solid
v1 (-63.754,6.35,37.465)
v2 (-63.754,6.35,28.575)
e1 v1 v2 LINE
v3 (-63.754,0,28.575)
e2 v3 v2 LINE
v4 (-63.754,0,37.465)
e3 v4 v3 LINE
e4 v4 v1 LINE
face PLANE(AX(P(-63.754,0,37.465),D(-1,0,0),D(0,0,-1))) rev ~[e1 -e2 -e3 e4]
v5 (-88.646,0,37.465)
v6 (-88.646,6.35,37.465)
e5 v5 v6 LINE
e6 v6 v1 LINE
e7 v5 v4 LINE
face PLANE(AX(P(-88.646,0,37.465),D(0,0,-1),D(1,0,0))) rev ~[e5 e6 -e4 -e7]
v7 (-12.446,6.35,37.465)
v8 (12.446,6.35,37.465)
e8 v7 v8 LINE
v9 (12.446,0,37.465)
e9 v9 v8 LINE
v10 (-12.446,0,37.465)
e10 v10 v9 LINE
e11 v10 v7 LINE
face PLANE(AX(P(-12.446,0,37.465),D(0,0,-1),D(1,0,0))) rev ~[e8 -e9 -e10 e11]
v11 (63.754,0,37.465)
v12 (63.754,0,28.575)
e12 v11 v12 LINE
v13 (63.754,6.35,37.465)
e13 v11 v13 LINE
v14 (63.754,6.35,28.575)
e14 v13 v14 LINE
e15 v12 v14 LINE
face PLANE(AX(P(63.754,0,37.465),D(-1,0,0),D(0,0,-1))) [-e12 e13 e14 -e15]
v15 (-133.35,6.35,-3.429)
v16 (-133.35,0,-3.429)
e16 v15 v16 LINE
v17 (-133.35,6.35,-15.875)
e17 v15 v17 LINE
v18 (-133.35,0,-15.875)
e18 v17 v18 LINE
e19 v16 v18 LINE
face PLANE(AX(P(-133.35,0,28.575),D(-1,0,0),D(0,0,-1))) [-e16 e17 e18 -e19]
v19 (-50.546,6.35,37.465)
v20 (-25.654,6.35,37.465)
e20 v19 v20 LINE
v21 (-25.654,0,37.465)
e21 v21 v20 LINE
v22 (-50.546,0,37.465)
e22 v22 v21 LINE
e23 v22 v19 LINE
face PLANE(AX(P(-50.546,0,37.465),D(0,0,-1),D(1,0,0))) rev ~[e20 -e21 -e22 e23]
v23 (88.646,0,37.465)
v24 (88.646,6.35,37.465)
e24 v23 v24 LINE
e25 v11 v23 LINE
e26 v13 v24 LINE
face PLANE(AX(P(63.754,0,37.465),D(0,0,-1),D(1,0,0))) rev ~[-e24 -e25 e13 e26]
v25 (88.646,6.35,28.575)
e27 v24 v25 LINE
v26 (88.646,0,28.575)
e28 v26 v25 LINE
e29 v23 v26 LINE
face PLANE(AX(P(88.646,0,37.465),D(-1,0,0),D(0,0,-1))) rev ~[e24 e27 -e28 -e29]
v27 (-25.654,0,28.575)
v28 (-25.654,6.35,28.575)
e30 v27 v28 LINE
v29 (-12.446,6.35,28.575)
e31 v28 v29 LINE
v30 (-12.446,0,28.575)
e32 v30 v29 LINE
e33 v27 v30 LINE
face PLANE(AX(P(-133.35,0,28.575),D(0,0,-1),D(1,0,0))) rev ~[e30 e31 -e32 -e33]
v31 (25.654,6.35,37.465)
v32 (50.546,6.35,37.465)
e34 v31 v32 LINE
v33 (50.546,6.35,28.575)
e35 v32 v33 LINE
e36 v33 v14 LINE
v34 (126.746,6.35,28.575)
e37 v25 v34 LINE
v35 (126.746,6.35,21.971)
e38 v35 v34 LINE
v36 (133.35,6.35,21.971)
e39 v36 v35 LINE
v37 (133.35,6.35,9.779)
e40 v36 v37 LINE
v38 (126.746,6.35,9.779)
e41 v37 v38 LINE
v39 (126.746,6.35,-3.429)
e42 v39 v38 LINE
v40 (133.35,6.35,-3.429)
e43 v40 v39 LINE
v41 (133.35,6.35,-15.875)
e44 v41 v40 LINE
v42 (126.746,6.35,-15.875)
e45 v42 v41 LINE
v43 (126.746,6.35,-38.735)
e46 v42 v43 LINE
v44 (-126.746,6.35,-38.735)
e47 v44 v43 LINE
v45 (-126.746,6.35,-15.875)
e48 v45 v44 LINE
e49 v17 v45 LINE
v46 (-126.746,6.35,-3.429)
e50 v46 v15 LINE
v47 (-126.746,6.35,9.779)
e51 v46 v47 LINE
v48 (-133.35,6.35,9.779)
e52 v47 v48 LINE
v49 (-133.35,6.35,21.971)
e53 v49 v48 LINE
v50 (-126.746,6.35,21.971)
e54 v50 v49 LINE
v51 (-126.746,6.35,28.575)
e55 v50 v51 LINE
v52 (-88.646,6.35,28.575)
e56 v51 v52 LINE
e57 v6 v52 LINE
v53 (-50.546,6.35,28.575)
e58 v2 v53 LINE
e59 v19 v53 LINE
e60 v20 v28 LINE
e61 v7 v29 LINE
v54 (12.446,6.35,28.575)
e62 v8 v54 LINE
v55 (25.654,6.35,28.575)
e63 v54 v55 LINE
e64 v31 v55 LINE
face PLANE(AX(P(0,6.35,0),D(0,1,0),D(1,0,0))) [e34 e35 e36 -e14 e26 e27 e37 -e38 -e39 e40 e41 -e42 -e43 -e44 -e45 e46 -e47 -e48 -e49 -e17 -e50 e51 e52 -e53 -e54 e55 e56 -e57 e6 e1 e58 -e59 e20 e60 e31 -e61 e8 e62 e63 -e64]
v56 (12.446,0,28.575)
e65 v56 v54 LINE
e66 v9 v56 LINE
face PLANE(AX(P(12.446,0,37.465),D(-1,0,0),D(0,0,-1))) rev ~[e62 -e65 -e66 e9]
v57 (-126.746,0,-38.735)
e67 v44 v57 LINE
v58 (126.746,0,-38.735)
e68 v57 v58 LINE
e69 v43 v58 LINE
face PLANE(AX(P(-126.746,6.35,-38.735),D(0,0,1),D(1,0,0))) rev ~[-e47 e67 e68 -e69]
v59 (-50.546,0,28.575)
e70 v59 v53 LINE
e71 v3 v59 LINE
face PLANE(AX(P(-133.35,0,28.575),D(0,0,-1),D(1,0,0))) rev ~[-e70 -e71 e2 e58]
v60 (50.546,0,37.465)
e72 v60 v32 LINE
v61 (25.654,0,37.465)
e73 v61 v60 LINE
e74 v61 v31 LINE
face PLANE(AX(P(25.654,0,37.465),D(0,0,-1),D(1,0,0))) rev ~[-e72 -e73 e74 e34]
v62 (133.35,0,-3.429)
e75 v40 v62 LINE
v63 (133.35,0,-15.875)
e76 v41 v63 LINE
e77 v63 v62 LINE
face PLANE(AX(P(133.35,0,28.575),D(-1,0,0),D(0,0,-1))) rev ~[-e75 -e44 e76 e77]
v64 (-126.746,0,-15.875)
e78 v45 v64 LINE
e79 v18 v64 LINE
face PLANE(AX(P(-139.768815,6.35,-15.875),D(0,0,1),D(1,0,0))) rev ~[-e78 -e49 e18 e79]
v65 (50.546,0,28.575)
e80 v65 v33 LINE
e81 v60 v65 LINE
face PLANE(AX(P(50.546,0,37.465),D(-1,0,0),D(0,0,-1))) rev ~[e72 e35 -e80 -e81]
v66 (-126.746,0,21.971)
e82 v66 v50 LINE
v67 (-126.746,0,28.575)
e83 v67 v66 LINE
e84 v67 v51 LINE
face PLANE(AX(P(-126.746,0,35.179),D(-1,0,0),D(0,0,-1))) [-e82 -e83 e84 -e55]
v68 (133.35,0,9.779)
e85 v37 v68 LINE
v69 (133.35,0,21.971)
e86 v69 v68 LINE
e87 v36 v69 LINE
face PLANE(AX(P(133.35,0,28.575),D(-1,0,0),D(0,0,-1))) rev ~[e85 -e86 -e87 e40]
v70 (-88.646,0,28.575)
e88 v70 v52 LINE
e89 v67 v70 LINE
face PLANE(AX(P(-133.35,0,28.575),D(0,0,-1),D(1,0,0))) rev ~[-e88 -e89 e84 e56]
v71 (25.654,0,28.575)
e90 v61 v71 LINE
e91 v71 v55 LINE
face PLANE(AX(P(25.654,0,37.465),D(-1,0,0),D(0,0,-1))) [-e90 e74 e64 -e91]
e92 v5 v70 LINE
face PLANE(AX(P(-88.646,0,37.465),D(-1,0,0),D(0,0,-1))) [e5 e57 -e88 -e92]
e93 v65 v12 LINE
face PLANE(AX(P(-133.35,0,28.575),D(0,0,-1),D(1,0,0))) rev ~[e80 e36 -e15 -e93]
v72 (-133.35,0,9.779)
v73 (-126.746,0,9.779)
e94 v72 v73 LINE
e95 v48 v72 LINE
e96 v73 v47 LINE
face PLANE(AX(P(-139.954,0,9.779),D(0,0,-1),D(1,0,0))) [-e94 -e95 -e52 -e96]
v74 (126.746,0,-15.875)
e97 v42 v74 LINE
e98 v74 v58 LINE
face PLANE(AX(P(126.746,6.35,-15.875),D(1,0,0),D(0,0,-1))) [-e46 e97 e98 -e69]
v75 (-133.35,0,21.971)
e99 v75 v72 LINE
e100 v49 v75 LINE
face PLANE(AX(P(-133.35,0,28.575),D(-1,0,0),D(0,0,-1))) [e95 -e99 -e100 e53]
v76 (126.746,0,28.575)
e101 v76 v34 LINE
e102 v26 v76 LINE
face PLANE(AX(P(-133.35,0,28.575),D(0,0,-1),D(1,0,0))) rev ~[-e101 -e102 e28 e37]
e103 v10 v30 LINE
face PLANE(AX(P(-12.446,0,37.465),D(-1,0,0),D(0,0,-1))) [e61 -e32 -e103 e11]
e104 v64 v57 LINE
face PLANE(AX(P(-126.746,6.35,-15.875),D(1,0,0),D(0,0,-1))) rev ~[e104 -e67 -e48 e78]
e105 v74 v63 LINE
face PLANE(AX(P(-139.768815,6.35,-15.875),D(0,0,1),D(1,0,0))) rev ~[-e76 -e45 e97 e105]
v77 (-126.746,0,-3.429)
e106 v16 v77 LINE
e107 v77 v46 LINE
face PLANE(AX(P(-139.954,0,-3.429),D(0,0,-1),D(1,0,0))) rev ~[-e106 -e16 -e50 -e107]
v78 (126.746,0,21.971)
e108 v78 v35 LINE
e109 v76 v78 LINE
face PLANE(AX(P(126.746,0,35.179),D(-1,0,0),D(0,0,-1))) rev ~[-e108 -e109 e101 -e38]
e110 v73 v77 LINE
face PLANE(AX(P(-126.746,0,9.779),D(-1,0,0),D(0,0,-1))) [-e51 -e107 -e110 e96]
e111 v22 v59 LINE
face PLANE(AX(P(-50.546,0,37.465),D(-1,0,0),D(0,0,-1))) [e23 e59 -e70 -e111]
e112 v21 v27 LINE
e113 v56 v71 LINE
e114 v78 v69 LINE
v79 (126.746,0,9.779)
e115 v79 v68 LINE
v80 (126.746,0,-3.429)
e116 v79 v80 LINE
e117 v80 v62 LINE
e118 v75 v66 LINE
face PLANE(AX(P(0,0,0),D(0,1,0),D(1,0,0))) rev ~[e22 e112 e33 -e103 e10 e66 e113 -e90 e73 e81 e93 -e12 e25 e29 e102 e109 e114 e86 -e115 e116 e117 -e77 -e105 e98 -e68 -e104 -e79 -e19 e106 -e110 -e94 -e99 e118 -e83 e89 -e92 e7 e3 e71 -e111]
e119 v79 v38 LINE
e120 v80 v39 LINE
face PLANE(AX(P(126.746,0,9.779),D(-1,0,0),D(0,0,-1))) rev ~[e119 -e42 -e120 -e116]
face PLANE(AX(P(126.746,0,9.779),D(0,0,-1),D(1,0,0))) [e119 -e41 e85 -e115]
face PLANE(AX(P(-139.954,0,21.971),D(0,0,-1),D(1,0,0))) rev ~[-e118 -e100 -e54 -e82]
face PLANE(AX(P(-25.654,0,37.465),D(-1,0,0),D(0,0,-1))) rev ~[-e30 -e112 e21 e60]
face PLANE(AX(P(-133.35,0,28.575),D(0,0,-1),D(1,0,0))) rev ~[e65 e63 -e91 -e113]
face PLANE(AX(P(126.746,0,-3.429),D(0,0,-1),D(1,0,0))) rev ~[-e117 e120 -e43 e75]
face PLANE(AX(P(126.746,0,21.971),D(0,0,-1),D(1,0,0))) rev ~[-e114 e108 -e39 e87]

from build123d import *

# Parameters (mm, degrees)
SKETCH1_W           = 266.7
SKETCH1_H           = 57.15
BOSS_EXTRUDE1_DEPTH = 6.35
SKETCH3_W           = 24.892
SKETCH3_H           = 8.89
BOSS_EXTRUDE2_DEPTH = 6.35
SKETCH4_W           = 13.208
SKETCH4_H           = 13.208
CUT_EXTRUDE2_DEPTH  = 139.65846972
SKETCH5_W           = 295.464136086
SKETCH5_H           = 12.7
CUT_EXTRUDE3_DEPTH  = 139.65846972
SKETCH6_W           = 266.7
SKETCH6_H           = 12.446
BOSS_EXTRUDE3_DEPTH = 6.35
SKETCH7_W           = 253.492
SKETCH7_H           = 22.86
BOSS_EXTRUDE4_DEPTH = 6.35


with BuildPart() as part:
    # Sketch1 → Boss-Extrude1 (new body)
    with BuildSketch(Plane(origin=(0, 0, 0), x_dir=(1, 0, 0), z_dir=(0, 1, 0))):
        Rectangle(SKETCH1_W, SKETCH1_H)
    extrude(amount=BOSS_EXTRUDE1_DEPTH)

    # Sketch3 → Boss-Extrude2 (add)
    with BuildSketch(Plane(origin=(0, 0, 0), x_dir=(1, 0, 0), z_dir=(0, 1, 0))):
        with Locations((-76.2, -33.02)):
            Rectangle(SKETCH3_W, SKETCH3_H)
        with Locations((-38.1, -33.02)):
            Rectangle(SKETCH3_W, SKETCH3_H)
        with Locations((0, -33.02)):
            Rectangle(SKETCH3_W, SKETCH3_H)
        with Locations((38.1, -33.02)):
            Rectangle(SKETCH3_W, SKETCH3_H)
        with Locations((76.2, -33.02)):
            Rectangle(SKETCH3_W, SKETCH3_H)
    extrude(amount=BOSS_EXTRUDE2_DEPTH)

    # Sketch4 → Cut-Extrude2 (cut, through all)
    with BuildSketch(Plane(origin=(0, 0, 0), x_dir=(1, 0, 0), z_dir=(0, 1, 0))):
        with Locations((-133.35, 22.225)):
            Rectangle(SKETCH4_W, SKETCH4_H)
        with Locations((133.35, 22.225)):
            Rectangle(SKETCH4_W, SKETCH4_H)
        with Locations((-133.35, -3.175)):
            Rectangle(SKETCH4_W, SKETCH4_H)
        with Locations((-133.35, -28.575)):
            Rectangle(SKETCH4_W, SKETCH4_H)
        with Locations((133.35, -3.175)):
            Rectangle(SKETCH4_W, SKETCH4_H)
        with Locations((133.35, -28.575)):
            Rectangle(SKETCH4_W, SKETCH4_H)
    extrude(amount=CUT_EXTRUDE2_DEPTH, mode=Mode.SUBTRACT)

    # Sketch5 → Cut-Extrude3 (cut, through all)
    with BuildSketch(Plane(origin=(0, 6.35, 0), x_dir=(1, 0, 0), z_dir=(0, 1, 0))):
        with Locations((7.963252738, 22.225)):
            Rectangle(SKETCH5_W, SKETCH5_H)
    extrude(amount=-CUT_EXTRUDE3_DEPTH, mode=Mode.SUBTRACT)

    # Sketch6 → Boss-Extrude3 (add)
    with BuildSketch(Plane(origin=(0, 6.35, 0), x_dir=(1, 0, 0), z_dir=(0, 1, 0))):
        with Locations((0, 9.652)):
            Rectangle(SKETCH6_W, SKETCH6_H)
    extrude(amount=-BOSS_EXTRUDE3_DEPTH)

    # Sketch7 → Boss-Extrude4 (add)
    with BuildSketch(Plane(origin=(0, 6.35, 0), x_dir=(1, 0, 0), z_dir=(0, 1, 0))):
        with Locations((0, 27.305)):
            Rectangle(SKETCH7_W, SKETCH7_H)
    extrude(amount=-BOSS_EXTRUDE4_DEPTH)


solid = part.part
